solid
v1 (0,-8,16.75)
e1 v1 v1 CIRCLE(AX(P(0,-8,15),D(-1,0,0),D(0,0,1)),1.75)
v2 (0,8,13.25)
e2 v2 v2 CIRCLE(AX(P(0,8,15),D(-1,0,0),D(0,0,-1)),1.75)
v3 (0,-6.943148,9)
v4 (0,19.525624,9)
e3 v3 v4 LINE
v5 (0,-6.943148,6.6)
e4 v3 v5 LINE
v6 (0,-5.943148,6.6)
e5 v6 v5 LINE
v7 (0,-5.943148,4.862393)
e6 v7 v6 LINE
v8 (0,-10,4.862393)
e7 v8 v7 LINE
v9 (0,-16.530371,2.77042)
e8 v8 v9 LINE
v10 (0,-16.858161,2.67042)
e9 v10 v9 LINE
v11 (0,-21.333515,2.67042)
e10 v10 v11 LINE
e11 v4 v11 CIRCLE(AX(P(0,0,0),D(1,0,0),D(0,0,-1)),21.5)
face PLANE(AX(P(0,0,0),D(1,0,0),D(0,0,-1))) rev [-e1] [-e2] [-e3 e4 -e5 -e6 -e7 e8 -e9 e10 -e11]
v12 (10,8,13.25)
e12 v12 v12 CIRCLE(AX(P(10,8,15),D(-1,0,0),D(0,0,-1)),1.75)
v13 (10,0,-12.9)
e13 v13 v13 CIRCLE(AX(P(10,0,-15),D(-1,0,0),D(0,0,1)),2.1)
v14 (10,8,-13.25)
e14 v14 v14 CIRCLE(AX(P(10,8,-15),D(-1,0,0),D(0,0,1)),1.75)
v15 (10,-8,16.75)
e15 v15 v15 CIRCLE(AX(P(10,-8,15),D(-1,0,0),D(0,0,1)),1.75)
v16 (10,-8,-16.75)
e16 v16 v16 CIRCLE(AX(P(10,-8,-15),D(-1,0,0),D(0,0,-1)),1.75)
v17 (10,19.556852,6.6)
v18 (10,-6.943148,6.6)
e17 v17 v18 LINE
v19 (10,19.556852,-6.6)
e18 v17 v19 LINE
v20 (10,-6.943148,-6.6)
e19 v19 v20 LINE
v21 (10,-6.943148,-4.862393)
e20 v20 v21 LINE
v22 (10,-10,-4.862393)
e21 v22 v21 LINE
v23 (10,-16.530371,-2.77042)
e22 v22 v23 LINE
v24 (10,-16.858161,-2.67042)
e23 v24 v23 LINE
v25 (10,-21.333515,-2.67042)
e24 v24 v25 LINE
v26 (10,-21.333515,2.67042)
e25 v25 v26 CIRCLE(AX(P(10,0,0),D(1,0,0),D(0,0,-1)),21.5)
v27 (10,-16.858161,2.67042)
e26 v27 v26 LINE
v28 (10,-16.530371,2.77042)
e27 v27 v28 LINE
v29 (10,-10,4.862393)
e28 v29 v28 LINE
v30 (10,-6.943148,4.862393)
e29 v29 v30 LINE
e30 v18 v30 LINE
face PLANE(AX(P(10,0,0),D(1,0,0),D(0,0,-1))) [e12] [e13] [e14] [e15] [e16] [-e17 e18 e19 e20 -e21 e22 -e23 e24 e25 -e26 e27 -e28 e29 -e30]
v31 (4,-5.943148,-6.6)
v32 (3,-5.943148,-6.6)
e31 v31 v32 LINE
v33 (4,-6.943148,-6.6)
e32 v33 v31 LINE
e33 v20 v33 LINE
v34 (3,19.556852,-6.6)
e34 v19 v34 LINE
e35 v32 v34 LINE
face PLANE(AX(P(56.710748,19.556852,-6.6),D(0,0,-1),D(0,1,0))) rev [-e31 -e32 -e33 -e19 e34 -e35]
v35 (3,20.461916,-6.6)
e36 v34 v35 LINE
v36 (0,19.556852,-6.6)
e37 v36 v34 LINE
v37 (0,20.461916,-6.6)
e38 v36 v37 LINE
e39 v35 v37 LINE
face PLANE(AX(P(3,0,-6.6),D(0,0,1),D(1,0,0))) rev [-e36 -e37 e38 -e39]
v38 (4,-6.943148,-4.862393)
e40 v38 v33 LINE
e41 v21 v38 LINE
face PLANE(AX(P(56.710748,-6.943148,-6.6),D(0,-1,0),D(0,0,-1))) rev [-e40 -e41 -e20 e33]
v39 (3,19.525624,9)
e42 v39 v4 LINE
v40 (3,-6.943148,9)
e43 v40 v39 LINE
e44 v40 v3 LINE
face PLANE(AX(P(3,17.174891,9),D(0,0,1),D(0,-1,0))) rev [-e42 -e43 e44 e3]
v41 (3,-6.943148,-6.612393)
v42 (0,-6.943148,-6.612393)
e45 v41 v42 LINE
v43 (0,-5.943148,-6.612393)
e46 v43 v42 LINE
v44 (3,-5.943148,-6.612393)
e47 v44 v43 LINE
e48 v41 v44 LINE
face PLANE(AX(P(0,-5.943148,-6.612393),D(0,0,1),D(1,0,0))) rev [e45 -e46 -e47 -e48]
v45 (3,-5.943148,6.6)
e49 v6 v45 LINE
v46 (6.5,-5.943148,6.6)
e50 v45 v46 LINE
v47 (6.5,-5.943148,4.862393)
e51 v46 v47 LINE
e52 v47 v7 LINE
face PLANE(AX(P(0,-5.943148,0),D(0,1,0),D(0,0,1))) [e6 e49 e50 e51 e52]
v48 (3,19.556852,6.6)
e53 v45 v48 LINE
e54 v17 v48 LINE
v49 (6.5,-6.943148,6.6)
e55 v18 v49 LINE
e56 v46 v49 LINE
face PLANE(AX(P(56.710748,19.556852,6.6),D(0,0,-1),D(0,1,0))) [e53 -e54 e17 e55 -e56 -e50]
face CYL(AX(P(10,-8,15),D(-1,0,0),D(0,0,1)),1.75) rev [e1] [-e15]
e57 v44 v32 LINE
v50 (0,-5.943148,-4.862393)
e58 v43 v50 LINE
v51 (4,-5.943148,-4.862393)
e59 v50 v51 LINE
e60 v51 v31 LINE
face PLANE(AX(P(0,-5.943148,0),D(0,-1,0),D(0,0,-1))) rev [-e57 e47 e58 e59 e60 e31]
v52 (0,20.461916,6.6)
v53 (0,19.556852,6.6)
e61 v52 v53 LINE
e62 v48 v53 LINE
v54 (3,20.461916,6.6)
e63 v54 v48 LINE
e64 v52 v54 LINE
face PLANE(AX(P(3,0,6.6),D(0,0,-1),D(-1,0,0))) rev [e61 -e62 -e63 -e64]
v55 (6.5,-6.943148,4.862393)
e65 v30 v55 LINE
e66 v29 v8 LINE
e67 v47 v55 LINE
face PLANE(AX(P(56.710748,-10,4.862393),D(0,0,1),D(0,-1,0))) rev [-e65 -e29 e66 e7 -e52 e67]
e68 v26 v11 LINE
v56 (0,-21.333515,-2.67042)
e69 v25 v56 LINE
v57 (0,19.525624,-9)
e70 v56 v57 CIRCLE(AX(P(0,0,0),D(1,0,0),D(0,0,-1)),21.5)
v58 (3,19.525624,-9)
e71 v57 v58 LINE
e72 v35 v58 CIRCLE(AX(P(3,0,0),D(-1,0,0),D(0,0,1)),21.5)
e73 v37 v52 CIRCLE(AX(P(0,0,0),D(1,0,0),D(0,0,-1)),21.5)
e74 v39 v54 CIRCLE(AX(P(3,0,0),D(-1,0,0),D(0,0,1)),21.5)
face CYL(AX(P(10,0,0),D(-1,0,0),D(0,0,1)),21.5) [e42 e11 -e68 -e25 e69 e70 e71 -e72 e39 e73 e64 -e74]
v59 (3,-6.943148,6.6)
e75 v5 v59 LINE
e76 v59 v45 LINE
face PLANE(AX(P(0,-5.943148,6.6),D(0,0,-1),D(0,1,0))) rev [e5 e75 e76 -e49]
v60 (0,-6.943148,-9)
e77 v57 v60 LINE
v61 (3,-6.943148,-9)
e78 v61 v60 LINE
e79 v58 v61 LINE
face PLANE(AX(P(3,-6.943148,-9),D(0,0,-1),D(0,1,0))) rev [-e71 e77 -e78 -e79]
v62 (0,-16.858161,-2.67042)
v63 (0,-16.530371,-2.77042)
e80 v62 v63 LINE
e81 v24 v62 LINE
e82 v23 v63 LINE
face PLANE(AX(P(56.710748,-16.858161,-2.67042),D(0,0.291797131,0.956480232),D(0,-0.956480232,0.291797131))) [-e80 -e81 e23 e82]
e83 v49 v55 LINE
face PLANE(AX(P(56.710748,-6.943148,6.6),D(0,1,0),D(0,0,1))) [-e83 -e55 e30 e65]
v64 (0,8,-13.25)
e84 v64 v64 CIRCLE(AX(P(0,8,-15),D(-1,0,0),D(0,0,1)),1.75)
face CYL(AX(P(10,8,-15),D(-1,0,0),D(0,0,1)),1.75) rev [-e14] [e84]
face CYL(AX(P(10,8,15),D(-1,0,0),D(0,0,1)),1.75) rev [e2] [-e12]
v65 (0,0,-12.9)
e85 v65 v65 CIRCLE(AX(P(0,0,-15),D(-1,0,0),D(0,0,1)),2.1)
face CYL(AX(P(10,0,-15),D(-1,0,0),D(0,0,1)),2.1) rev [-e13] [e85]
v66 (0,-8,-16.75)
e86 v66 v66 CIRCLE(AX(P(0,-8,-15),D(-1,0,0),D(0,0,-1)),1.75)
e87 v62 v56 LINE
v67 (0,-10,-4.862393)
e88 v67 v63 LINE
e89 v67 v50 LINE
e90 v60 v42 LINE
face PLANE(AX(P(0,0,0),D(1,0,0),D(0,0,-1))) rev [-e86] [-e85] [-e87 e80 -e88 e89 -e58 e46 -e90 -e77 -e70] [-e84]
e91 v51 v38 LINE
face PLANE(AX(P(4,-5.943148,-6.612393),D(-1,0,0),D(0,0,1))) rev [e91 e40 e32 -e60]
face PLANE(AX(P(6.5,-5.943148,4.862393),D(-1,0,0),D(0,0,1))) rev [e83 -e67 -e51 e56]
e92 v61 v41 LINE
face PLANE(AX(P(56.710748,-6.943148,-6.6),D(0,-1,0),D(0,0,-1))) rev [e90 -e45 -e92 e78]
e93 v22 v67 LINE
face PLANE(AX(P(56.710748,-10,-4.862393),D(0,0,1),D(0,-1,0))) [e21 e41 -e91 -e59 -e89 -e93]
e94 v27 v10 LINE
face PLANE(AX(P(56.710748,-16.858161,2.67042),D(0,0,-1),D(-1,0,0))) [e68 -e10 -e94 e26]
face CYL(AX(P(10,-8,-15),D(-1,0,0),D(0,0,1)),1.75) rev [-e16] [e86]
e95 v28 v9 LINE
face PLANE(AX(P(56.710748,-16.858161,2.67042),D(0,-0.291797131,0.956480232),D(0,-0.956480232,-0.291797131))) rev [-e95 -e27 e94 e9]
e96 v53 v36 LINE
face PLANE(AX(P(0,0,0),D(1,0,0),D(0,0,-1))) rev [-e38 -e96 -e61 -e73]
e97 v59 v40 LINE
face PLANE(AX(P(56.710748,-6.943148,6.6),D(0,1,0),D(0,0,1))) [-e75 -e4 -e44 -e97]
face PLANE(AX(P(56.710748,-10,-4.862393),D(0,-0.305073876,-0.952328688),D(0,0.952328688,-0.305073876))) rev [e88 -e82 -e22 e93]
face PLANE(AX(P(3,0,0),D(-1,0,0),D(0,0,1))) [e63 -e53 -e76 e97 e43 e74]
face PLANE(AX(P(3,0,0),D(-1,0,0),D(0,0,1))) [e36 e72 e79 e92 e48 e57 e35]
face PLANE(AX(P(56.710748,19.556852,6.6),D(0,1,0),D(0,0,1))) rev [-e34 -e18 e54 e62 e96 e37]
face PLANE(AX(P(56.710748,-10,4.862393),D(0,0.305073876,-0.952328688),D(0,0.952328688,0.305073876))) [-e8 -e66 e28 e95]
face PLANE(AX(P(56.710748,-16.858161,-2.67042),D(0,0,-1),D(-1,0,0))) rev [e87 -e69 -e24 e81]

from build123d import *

# Parameters (mm, degrees)
SKETCH1_R           = 21.5
BOSS_EXTRUDE1_DEPTH = 10
CUT_EXTRUDE2_DEPTH  = 10
SKETCH15_W          = 18
SKETCH15_H          = 24.118038922
CUT_EXTRUDE3_DEPTH  = 3
SKETCH17_W          = 4
SKETCH17_H          = 1.75
BOSS_EXTRUDE3_DEPTH = 1
SKETCH18_W          = 6.5
SKETCH18_H          = 1.737607108
BOSS_EXTRUDE4_DEPTH = 1
SKETCH39_W          = 2.4
SKETCH39_H          = 4.126590585
CUT_EXTRUDE7_DEPTH  = 3
SKETCH41_R          = 1.75
SKETCH41_R_2        = 2.1
CUT_EXTRUDE8_DEPTH  = 11


with BuildPart() as part:
    # Sketch1 → Boss-Extrude1 (new body)
    with BuildSketch(Plane(origin=(0, 0, 0), x_dir=(0, 0, -1), z_dir=(1, 0, 0))):
        Circle(SKETCH1_R)
    extrude(amount=BOSS_EXTRUDE1_DEPTH)

    # Sketch13 → Cut-Extrude2 (cut)
    with BuildSketch(Plane(origin=(0, 0, 0), x_dir=(0, 0, -1), z_dir=(1, 0, 0))):
        with BuildLine():
            Line((-2.670420152, -16.85816067), (-2.770420152, -16.530371213))
            Line((-2.770420152, -16.530371213), (-4.862392892, -10))
            Line((-4.862392892, -10), (-4.862392892, -6.943148259))
            Line((-4.862392892, -6.943148259), (-6.6, -6.943148259))
            Line((-6.6, -6.943148259), (-6.6, 19.556851741))
            Line((-6.6, 19.556851741), (6.6, 19.556851741))
            Line((6.6, 19.556851741), (6.6, -6.943148259))
            Line((6.6, -6.943148259), (4.862392892, -6.943148259))
            Line((4.862392892, -6.943148259), (4.862392892, -10))
            Line((4.862392892, -10), (2.770420152, -16.530371213))
            Line((2.770420152, -16.530371213), (2.670420152, -16.85816067))
            Line((2.670420152, -16.85816067), (2.670420152, -21.837327131))
            ThreePointArc((2.670420152, -21.837327131), (1.836835043, -21.92318492), (1.000584871, -21.977234355))
            Line((1.000584871, -21.977234355), (0, -25.25))
            Line((0, -25.25), (-1.000584871, -21.977234355))
            ThreePointArc((-1.000584871, -21.977234355), (-1.836835043, -21.92318492), (-2.670420152, -21.837327131))
            Line((-2.670420152, -21.837327131), (-2.670420152, -16.85816067))
        make_face()
    extrude(amount=CUT_EXTRUDE2_DEPTH, mode=Mode.SUBTRACT)

    # Sketch15 → Cut-Extrude3 (cut)
    with BuildSketch(Plane.ZY):
        with Locations((0, 5.115871202)):
            Rectangle(SKETCH15_W, SKETCH15_H)
    extrude(amount=-CUT_EXTRUDE3_DEPTH, mode=Mode.SUBTRACT)

    # Sketch17 → Boss-Extrude3 (add)
    with BuildSketch(Plane(origin=(0, -6.943148259, 0), x_dir=(1, 0, 0), z_dir=(0, 1, 0))):
        with Locations((2, 5.737392892)):
            Rectangle(SKETCH17_W, SKETCH17_H)
    extrude(amount=BOSS_EXTRUDE3_DEPTH)

    # Sketch18 → Boss-Extrude4 (add)
    with BuildSketch(Plane(origin=(0, -6.943148259, 0), x_dir=(1, 0, 0), z_dir=(0, 1, 0))):
        with Locations((3.25, -5.731196446)):
            Rectangle(SKETCH18_W, SKETCH18_H)
    extrude(amount=BOSS_EXTRUDE4_DEPTH)

    # Sketch39 → Cut-Extrude7 (cut)
    with BuildSketch(Plane(origin=(0, 0, 0), x_dir=(0, 0, -1), z_dir=(1, 0, 0))):
        with Locations((7.8, 19.238185956)):
            Rectangle(SKETCH39_W, SKETCH39_H)
        with Locations((-7.8, 19.238185956)):
            Rectangle(SKETCH39_W, SKETCH39_H)
    extrude(amount=CUT_EXTRUDE7_DEPTH, mode=Mode.SUBTRACT)

    # Sketch41 → Cut-Extrude8 (cut, through all)
    with BuildSketch(Plane.ZY):
        with Locations((-15, 8)):
            Circle(SKETCH41_R)
        with Locations((15, 8)):
            Circle(SKETCH41_R)
        with Locations((15, -8)):
            Circle(SKETCH41_R)
        with Locations((-15, -8)):
            Circle(SKETCH41_R)
        with Locations((-15, 0)):
            Circle(SKETCH41_R_2)
    extrude(amount=-CUT_EXTRUDE8_DEPTH, mode=Mode.SUBTRACT)


solid = part.part
